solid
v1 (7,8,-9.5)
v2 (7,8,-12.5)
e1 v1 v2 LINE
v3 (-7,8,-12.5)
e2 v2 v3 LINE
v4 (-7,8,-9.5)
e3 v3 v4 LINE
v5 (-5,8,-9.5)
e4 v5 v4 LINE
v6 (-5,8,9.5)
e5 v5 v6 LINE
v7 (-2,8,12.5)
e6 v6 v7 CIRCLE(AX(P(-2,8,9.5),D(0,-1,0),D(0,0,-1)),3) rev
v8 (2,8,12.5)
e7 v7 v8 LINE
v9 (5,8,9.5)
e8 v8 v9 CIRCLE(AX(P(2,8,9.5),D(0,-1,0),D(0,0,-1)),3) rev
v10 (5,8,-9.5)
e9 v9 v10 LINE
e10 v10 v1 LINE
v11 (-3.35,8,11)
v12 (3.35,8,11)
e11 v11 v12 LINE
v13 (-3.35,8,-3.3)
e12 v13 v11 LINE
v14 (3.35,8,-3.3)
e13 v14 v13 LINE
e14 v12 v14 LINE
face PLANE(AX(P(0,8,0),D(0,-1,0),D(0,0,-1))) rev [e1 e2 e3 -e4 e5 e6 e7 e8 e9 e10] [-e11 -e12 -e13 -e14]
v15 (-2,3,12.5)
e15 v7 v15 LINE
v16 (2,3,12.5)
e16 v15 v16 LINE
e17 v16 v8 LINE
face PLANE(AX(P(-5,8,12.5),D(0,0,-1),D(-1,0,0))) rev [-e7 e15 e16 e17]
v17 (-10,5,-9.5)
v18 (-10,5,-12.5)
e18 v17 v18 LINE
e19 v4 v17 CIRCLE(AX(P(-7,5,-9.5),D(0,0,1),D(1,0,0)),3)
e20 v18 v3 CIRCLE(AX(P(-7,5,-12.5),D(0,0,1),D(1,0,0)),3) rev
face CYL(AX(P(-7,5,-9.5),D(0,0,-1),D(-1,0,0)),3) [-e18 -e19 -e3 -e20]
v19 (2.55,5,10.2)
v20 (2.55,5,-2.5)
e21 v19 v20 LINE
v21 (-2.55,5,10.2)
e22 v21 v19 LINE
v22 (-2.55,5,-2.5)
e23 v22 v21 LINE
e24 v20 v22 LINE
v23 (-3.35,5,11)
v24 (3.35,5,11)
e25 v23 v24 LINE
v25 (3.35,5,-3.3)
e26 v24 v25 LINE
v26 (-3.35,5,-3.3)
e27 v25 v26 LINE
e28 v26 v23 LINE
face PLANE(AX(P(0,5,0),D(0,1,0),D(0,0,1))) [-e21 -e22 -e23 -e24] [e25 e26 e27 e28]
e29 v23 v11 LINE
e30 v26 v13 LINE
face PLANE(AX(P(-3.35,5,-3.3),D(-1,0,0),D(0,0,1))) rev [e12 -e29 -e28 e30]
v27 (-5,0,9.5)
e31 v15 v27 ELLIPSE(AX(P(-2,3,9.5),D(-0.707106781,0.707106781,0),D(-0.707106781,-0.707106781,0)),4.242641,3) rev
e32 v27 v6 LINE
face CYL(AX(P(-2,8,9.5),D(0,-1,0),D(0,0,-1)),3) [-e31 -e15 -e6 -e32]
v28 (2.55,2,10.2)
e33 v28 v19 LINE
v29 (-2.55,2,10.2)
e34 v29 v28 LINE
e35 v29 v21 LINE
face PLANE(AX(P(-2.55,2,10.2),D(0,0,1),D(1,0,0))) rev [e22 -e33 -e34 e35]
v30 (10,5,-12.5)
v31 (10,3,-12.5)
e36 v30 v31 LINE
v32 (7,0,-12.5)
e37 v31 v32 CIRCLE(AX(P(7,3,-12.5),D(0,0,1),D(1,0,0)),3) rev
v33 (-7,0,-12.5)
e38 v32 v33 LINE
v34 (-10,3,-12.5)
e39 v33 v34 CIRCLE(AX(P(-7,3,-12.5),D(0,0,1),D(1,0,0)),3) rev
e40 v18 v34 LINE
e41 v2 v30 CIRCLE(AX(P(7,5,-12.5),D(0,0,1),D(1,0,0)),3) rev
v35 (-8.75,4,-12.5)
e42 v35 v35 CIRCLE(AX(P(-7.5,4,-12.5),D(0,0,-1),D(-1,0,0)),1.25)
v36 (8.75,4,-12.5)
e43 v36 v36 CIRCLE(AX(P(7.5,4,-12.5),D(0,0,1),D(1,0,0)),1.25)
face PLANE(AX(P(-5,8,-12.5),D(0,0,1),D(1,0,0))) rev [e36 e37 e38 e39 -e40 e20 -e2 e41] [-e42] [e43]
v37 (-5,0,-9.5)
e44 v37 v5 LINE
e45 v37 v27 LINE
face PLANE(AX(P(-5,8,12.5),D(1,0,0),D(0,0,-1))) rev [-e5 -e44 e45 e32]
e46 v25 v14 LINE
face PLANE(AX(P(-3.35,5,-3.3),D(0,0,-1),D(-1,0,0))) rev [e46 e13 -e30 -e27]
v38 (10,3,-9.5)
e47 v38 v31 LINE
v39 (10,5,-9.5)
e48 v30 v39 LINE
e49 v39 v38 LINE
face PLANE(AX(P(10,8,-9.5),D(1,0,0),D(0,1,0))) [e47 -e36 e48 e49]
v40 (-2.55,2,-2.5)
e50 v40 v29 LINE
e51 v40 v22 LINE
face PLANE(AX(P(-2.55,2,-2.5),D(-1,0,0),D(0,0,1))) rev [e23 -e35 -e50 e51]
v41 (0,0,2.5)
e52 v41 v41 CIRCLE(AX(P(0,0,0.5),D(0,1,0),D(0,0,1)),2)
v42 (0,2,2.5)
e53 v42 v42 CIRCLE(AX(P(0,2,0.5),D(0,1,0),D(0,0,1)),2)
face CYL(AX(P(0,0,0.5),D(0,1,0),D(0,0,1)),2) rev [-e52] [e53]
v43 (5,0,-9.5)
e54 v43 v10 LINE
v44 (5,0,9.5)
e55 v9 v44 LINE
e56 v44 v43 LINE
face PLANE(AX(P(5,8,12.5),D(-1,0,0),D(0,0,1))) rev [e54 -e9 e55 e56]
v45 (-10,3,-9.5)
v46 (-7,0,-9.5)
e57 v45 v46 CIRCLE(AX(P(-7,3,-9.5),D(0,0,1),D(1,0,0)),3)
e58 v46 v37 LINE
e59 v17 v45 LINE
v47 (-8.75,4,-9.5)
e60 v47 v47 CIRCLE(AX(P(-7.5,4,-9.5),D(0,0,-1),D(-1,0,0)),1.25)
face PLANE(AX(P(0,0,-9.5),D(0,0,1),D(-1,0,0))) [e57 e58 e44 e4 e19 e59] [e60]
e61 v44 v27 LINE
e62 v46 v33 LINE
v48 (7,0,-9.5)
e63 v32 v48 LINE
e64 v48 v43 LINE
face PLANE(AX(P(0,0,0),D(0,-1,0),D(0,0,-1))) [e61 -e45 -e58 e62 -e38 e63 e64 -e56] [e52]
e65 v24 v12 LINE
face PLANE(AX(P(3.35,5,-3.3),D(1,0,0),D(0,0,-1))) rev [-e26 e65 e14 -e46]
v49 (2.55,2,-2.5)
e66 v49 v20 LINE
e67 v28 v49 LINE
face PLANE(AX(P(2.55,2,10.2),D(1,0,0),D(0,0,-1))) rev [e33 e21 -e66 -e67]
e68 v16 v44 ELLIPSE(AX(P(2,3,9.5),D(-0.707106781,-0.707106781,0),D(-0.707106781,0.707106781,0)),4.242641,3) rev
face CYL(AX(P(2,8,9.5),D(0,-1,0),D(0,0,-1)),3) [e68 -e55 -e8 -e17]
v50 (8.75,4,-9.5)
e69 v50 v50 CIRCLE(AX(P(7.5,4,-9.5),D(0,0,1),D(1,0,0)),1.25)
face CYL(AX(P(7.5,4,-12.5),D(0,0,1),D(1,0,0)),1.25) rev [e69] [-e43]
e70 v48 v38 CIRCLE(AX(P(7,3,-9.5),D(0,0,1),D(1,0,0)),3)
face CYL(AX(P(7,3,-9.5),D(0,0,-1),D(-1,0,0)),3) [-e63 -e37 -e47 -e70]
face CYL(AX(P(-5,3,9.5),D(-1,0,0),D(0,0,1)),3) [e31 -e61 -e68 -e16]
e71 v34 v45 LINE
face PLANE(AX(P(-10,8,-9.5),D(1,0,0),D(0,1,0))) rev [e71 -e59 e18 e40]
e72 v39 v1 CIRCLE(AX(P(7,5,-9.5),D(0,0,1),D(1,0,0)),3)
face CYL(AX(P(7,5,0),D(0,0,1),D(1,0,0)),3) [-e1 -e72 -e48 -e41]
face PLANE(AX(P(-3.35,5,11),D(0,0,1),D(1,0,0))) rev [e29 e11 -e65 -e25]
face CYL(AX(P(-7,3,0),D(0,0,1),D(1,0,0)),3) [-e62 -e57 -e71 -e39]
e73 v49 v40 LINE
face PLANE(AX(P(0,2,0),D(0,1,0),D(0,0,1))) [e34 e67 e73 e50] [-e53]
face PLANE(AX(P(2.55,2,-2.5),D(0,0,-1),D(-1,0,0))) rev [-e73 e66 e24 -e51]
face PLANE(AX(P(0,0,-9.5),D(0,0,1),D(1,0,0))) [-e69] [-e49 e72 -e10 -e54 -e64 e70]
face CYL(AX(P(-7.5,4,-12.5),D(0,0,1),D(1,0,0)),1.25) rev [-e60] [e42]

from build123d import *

# Parameters (mm, degrees)
ESBO_O1_W                = 10
ESBO_O1_H                = 25
RESSALTO_EXTRUS_O1_DEPTH = 8
ESBO_O2_W                = 6.7
ESBO_O2_H                = 14.3
CORTE_EXTRUS_O1_DEPTH    = 3
ESBO_O3_W                = 5
ESBO_O3_H                = 8
RESSALTO_EXTRUS_O2_DEPTH = 3
ESBO_O5_R                = 1.25
CORTE_EXTRUS_O2_DEPTH    = 26.455844123
FILETE1_R                = 3
FILETE1_OF_ESPELHAR3_R   = 3
ESBO_O6_W                = 5.1
ESBO_O6_H                = 12.7
CORTE_EXTRUS_O3_DEPTH    = 3
ESBO_O7_R                = 2
CORTE_EXTRUS_O4_DEPTH    = 18.095320997
FILETE2_R                = 3


with BuildPart() as part:
    # Esboço1 → Ressalto-extrusão1 (new body)
    with BuildSketch(Plane(origin=(0, 0, 0), x_dir=(1, 0, 0), z_dir=(0, 1, 0))):
        Rectangle(ESBO_O1_W, ESBO_O1_H)
    extrude(amount=RESSALTO_EXTRUS_O1_DEPTH)

    # Esboço2 → Corte-extrusão1 (cut)
    with BuildSketch(Plane(origin=(0, 8, 0), x_dir=(1, 0, 0), z_dir=(0, 1, 0))):
        with Locations((0, -3.85)):
            Rectangle(ESBO_O2_W, ESBO_O2_H)
    extrude(amount=-CORTE_EXTRUS_O1_DEPTH, mode=Mode.SUBTRACT)

    # Esboço3 → Ressalto-extrusão2 (add)
    with BuildSketch(Plane(origin=(0, 0, -12.5), x_dir=(-1, 0, 0), z_dir=(0, 0, -1))):
        with Locations((-7.5, 4)):
            Rectangle(ESBO_O3_W, ESBO_O3_H)
    ressalto_extrus_o2 = extrude(amount=-RESSALTO_EXTRUS_O2_DEPTH)

    # Esboço5 → Corte-extrusão2 (cut, through all)
    with BuildSketch(Plane.XY.offset(-9.5)):
        with Locations((7.5, 4)):
            Circle(ESBO_O5_R)
    corte_extrus_o2 = extrude(amount=-CORTE_EXTRUS_O2_DEPTH, mode=Mode.SUBTRACT)

    # Filete1
    filete1_edges = [part.edges().sort_by_distance(p)[0] for p in [
        (10, 0, -11),
        (10, 8, -11),
    ]]
    fillet(filete1_edges, radius=FILETE1_R)

    # Espelhar3: Ressalto-extrusão2, Corte-extrusão2 across plane
    add(ressalto_extrus_o2.mirror(Plane(origin=(0, 0, 0), x_dir=(0, 0, 1), z_dir=(1, 0, 0))))
    add(corte_extrus_o2.mirror(Plane(origin=(0, 0, 0), x_dir=(0, 0, 1), z_dir=(1, 0, 0))), mode=Mode.SUBTRACT)

    # Filete1 of Espelhar3
    filete1_of_espelhar3_edges = [part.edges().sort_by_distance(p)[0] for p in [
        (-10, 0, -11),
        (-10, 8, -11),
    ]]
    fillet(filete1_of_espelhar3_edges, radius=FILETE1_OF_ESPELHAR3_R)

    # Esboço6 → Corte-extrusão3 (cut)
    with BuildSketch(Plane(origin=(0, 5, 0), x_dir=(1, 0, 0), z_dir=(0, 1, 0))):
        with Locations((0, -3.85)):
            Rectangle(ESBO_O6_W, ESBO_O6_H)
    extrude(amount=-CORTE_EXTRUS_O3_DEPTH, mode=Mode.SUBTRACT)

    # Esboço7 → Corte-extrusão4 (cut, through all)
    with BuildSketch(Plane(origin=(0, 2, 0), x_dir=(1, 0, 0), z_dir=(0, 1, 0))):
        with Locations(Location((0, -0.5, 0), (0, 0, 270))):
            Circle(ESBO_O7_R)
    extrude(amount=-CORTE_EXTRUS_O4_DEPTH, mode=Mode.SUBTRACT)

    # Filete2
    filete2_edges = [part.edges().sort_by_distance(p)[0] for p in [
        (0, 0, 12.5),
        (5, 4, 12.5),
        (-5, 4, 12.5),
    ]]
    fillet(filete2_edges, radius=FILETE2_R)


solid = part.part
